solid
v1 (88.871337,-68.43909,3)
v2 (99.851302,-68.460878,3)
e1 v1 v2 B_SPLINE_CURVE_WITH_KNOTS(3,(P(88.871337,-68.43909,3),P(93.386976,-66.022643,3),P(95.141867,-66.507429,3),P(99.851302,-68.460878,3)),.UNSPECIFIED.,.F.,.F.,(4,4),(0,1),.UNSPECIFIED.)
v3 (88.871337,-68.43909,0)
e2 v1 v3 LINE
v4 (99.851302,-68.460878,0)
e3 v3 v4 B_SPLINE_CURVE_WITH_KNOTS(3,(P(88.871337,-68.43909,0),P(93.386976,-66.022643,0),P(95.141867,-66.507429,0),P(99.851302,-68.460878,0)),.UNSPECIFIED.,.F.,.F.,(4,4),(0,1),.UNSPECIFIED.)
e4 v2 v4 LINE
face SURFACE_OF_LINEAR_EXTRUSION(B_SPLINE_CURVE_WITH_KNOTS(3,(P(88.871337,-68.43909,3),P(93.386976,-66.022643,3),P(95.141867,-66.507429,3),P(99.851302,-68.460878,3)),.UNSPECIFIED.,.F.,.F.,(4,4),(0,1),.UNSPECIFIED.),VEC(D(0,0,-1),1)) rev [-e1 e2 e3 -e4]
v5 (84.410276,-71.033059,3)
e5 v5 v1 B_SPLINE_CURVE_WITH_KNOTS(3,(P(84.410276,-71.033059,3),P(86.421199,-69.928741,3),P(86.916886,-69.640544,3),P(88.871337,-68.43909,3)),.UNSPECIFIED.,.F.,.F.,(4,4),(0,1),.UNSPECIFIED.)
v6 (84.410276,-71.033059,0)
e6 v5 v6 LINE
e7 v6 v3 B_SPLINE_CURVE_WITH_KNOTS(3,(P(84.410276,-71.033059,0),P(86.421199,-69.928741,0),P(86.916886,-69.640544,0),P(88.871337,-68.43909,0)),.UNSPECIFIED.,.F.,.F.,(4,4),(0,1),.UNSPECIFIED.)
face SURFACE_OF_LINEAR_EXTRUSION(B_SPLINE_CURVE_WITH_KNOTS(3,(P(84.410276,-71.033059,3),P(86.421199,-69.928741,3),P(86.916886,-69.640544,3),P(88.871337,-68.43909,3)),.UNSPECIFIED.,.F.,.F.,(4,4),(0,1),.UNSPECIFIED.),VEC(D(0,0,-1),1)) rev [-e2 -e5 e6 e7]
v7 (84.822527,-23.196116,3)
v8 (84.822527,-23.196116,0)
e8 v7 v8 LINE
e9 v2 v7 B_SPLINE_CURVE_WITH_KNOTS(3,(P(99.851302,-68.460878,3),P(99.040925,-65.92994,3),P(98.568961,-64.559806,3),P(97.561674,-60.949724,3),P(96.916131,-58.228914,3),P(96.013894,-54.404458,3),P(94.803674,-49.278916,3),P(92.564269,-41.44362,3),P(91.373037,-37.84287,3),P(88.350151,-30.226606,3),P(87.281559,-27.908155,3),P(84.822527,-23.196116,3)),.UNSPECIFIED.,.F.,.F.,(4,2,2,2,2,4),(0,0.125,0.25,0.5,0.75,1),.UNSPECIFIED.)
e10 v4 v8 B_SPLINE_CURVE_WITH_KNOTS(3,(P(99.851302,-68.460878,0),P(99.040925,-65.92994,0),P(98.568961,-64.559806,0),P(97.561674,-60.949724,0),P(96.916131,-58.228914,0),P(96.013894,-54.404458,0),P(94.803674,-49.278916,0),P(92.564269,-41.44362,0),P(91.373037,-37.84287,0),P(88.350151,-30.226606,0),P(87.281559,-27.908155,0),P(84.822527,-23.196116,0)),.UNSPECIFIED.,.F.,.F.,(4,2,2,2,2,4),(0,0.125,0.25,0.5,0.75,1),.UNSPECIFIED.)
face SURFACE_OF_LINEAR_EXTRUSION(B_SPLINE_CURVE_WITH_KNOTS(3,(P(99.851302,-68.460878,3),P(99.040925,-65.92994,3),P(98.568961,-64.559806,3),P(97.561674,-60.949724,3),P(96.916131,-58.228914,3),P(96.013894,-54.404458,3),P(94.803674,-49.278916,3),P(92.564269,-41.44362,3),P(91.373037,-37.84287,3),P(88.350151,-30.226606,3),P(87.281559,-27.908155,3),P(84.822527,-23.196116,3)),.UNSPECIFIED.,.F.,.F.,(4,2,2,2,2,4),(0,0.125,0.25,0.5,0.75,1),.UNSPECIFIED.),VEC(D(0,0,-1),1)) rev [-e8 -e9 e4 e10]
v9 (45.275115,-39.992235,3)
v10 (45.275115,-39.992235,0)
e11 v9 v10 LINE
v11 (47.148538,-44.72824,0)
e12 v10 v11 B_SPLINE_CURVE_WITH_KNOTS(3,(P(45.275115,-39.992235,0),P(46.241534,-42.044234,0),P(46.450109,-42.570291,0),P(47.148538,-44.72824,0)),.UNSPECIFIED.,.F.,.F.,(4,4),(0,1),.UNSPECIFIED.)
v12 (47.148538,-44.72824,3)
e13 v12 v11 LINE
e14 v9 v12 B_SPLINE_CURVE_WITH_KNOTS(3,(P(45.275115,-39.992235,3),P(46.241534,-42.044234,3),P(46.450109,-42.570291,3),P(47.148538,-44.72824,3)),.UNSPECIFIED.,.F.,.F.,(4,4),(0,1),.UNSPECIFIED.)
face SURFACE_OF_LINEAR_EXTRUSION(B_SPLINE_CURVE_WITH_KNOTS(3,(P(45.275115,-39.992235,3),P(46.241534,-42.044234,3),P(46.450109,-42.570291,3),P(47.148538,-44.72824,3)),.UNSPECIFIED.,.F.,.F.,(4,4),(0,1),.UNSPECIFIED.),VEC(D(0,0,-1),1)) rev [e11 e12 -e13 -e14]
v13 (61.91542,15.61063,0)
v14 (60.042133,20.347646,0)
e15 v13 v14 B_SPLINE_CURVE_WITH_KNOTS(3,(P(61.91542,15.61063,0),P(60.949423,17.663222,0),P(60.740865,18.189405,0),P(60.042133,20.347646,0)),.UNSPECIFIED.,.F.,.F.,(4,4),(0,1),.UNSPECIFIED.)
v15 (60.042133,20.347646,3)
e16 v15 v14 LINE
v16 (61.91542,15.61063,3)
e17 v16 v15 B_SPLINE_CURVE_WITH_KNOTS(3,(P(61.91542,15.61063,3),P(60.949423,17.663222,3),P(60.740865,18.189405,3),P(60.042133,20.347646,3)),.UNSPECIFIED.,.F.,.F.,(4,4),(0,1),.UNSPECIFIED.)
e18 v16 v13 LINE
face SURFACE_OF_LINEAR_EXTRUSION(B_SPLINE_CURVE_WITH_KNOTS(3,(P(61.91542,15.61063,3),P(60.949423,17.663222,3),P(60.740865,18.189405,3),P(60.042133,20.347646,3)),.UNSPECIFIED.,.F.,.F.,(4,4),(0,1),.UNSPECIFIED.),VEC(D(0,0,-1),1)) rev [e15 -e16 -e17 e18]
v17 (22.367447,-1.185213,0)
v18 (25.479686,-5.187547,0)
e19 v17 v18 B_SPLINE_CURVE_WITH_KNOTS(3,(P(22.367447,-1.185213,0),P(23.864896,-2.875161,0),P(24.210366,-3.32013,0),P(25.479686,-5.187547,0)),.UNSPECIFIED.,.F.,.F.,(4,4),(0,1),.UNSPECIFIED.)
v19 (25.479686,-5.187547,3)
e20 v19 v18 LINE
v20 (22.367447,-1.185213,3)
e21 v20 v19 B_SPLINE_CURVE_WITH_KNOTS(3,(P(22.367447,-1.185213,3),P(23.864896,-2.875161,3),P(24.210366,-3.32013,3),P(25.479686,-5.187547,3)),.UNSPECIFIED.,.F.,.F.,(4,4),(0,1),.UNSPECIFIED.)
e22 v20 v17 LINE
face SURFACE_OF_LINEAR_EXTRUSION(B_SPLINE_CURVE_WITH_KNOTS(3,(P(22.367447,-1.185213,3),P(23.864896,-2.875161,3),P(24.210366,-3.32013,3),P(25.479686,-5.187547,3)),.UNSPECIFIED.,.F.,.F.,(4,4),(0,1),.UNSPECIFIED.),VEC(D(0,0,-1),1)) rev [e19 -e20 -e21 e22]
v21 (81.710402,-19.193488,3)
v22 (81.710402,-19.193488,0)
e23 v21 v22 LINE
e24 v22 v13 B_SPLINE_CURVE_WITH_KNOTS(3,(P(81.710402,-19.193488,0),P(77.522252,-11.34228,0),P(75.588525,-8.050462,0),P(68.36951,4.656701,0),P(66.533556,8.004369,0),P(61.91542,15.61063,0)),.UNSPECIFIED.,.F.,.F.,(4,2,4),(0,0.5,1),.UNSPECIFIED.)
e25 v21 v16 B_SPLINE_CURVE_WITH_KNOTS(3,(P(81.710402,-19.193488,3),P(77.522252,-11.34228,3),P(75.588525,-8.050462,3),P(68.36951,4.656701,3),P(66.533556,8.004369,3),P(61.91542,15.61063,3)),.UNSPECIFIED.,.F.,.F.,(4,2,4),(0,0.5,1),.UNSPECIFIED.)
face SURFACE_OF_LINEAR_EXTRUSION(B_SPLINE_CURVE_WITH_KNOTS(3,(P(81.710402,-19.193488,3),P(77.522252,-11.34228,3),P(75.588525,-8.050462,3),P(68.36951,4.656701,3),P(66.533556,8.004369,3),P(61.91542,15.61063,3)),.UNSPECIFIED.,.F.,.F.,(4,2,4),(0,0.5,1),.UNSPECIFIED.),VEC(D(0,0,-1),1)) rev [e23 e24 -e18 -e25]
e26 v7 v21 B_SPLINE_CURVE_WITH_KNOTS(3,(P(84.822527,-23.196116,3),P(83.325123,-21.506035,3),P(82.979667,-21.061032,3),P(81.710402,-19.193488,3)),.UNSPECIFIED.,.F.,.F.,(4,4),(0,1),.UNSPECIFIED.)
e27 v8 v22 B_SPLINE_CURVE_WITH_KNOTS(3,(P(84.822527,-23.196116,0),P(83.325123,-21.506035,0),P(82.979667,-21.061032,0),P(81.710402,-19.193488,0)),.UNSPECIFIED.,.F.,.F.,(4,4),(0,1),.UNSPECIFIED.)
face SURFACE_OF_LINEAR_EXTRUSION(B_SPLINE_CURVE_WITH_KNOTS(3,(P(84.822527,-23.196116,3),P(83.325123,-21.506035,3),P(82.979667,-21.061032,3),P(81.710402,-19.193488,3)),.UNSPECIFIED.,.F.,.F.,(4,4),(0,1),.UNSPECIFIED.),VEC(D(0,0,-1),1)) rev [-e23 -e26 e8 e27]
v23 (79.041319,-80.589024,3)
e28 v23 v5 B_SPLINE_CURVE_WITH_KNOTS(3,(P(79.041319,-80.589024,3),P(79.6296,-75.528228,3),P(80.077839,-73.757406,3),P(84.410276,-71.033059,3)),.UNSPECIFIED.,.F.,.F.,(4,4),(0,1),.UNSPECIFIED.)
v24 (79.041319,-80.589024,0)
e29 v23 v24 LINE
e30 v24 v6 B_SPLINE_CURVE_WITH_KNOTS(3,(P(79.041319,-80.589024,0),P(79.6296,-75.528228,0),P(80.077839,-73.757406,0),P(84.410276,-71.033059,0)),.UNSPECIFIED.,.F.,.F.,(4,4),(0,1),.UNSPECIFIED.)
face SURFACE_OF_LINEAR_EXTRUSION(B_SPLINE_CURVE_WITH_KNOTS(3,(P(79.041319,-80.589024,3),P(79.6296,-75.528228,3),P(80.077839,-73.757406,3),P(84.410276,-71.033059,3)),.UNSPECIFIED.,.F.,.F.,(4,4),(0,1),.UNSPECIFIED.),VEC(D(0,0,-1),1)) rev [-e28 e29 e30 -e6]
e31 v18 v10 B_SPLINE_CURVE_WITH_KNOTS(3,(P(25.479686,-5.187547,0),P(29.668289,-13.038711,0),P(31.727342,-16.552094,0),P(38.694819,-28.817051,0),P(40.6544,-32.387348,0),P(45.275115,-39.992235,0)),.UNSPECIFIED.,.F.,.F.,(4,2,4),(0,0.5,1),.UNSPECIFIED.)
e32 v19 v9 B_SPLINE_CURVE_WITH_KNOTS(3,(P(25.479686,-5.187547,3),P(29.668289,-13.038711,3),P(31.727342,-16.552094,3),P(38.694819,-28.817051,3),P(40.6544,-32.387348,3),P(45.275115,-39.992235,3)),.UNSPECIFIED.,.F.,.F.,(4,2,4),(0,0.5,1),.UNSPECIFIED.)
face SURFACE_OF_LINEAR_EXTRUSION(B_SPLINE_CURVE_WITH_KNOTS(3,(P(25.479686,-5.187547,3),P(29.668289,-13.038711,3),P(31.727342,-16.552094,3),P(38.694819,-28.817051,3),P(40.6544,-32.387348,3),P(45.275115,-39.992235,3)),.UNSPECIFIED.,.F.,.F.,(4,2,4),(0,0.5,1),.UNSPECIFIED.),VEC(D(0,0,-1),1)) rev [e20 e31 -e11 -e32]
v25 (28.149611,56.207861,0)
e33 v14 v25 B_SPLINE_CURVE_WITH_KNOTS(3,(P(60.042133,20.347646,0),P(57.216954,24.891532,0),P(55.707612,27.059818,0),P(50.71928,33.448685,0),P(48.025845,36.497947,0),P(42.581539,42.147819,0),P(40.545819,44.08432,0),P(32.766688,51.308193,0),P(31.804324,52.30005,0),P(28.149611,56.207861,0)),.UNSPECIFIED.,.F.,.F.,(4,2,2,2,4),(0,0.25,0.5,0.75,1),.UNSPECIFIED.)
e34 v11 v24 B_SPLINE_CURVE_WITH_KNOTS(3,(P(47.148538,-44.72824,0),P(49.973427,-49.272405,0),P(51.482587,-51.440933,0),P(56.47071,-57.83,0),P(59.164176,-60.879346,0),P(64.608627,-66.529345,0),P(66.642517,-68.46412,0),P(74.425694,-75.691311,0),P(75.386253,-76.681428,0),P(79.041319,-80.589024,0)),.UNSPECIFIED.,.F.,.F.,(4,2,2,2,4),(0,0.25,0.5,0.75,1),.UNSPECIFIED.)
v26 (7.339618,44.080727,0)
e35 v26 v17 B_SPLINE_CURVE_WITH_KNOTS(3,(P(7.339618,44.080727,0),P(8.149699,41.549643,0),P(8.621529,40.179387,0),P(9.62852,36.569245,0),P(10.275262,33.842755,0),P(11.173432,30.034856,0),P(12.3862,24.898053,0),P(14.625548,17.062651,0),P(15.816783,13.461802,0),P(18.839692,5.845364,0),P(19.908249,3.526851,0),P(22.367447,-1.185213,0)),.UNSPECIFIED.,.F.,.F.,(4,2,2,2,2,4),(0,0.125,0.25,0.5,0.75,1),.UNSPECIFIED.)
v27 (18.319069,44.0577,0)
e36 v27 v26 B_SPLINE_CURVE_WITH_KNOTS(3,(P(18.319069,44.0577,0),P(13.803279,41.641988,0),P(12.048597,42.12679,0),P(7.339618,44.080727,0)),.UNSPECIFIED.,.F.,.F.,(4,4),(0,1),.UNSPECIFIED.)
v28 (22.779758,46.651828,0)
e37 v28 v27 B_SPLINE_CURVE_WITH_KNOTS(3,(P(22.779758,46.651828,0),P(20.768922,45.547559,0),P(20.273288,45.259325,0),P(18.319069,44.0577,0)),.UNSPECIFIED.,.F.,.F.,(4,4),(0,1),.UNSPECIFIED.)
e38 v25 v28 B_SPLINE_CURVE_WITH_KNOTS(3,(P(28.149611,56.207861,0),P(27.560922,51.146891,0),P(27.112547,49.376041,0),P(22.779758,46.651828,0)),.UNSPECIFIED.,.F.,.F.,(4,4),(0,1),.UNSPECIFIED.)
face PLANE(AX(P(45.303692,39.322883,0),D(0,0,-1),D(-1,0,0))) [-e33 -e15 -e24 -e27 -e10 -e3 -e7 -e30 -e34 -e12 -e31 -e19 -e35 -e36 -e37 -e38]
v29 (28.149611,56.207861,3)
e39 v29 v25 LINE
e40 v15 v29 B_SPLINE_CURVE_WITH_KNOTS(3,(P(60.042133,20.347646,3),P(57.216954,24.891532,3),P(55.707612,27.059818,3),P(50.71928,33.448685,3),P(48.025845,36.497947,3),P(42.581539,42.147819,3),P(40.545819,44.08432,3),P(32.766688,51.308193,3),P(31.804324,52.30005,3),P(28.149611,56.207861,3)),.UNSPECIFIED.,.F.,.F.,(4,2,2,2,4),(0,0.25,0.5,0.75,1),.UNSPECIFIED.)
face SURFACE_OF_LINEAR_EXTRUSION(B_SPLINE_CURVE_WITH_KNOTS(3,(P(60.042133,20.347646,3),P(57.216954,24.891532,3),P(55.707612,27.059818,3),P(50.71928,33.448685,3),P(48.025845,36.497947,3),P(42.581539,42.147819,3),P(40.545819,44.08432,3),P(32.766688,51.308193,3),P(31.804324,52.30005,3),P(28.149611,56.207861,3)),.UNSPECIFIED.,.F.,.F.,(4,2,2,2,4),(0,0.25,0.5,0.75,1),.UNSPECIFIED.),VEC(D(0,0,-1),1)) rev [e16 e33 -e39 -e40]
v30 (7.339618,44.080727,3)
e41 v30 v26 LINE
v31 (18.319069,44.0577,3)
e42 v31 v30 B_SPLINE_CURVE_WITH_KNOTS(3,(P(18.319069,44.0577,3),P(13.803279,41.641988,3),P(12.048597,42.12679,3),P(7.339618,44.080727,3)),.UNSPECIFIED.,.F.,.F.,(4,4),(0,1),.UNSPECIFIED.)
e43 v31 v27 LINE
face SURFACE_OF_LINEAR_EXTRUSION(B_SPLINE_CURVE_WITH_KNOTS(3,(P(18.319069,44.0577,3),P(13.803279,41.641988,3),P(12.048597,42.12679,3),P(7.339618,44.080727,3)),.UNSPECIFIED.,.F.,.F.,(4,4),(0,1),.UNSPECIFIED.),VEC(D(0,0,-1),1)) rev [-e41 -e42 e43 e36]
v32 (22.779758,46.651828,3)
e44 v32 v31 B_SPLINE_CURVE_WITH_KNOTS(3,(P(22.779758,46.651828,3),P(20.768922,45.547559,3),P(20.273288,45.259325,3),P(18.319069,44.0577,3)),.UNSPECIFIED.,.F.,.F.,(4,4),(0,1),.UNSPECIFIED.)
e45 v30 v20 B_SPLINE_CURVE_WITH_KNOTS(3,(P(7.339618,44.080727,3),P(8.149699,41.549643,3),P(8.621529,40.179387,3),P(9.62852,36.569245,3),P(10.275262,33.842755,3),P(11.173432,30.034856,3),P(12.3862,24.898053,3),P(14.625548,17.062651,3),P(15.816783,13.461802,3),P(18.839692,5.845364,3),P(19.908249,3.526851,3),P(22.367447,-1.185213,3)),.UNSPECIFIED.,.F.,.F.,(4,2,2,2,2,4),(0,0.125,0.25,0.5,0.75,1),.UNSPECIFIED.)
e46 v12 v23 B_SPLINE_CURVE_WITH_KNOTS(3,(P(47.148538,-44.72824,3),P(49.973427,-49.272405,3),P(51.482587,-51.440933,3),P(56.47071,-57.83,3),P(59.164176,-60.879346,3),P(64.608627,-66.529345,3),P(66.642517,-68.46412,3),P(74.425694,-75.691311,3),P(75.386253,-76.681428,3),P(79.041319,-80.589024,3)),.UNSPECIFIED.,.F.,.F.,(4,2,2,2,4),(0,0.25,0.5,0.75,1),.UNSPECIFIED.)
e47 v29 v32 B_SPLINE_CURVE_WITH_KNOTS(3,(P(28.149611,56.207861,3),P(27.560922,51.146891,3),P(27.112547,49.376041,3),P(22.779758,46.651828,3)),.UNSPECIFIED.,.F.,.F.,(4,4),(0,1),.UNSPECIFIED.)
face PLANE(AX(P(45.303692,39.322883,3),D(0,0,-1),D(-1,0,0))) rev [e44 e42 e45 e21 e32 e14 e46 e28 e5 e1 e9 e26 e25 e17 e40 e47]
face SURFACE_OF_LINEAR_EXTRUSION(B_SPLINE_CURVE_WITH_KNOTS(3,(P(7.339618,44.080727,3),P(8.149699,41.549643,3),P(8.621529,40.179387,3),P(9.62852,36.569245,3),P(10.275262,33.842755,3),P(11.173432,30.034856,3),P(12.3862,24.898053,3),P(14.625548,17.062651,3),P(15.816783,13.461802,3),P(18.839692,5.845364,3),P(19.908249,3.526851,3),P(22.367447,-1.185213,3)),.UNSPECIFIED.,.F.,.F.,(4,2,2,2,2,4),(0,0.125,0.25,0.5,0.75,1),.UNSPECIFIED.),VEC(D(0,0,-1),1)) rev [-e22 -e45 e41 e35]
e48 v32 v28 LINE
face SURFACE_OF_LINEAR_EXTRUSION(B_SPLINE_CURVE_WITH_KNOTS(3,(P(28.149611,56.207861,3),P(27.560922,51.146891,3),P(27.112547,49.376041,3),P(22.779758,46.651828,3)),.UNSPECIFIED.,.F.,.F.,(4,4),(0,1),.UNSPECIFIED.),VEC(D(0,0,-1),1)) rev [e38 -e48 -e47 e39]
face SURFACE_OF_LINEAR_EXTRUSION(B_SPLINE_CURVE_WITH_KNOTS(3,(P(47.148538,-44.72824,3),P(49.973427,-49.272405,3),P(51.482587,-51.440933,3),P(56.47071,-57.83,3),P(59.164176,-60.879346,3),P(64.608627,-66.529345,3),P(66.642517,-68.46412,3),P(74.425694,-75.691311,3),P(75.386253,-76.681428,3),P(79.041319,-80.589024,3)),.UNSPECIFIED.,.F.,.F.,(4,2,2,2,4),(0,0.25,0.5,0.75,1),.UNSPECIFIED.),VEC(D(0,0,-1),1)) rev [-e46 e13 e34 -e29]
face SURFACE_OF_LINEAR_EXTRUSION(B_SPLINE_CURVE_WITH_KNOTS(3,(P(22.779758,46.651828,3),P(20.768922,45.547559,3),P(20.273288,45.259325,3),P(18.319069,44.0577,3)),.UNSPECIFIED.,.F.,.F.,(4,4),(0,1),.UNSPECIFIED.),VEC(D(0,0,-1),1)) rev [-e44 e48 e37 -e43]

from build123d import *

# Parameters (mm, degrees)
EXTRUDE_1_DEPTH = 3


with BuildPart() as part:
    # Model → Бобышка-Вытянуть1 (new body)
    with BuildSketch(Plane.XY):
        with BuildLine():
            add(Edge.make_bspline(
                [(28.149610918, 56.207860507), (27.560922081, 51.146890819), (27.112546506, 49.376041298), (22.779757926, 46.651828213)],
                knots=[0, 0, 0, 0, 1, 1, 1, 1], degree=3))
            add(Edge.make_bspline(
                [(22.779757926, 46.651828213), (20.768921561, 45.547558815), (20.273287738, 45.259325354), (18.319069439, 44.05769969)],
                knots=[0, 0, 0, 0, 1, 1, 1, 1], degree=3))
            add(Edge.make_bspline(
                [(18.319069439, 44.05769969), (13.803279303, 41.641988188), (12.048597233, 42.126790249), (7.33961788, 44.080726925)],
                knots=[0, 0, 0, 0, 1, 1, 1, 1], degree=3))
            add(Edge.make_bspline(
                [(7.33961788, 44.080726925), (8.149699278, 41.549642577), (8.621529102, 40.179387064), (9.628519532, 36.569244705), (10.275261882, 33.842755264), (11.17343166, 30.034855536), (12.386200485, 24.898053213), (14.625548303, 17.062650929), (15.816783113, 13.461801988), (18.839691943, 5.845364354), (19.908248831, 3.52685101), (22.36744727, -1.185213105)],
                knots=[0, 0, 0, 0, 0.125, 0.125, 0.25, 0.25, 0.5, 0.5, 0.75, 0.75, 1, 1, 1, 1], degree=3))
            add(Edge.make_bspline(
                [(22.36744727, -1.185213105), (23.864896129, -2.87516102), (24.210365999, -3.320130257), (25.479686226, -5.187547479)],
                knots=[0, 0, 0, 0, 1, 1, 1, 1], degree=3))
            add(Edge.make_bspline(
                [(25.479686226, -5.187547479), (29.668288598, -13.038710968), (31.727341764, -16.552093911), (38.694819033, -28.817050656), (40.654400173, -32.387347919), (45.275114793, -39.992234686)],
                knots=[0, 0, 0, 0, 0.5, 0.5, 1, 1, 1, 1], degree=3))
            add(Edge.make_bspline(
                [(45.275114793, -39.992234686), (46.241533848, -42.044233729), (46.450109134, -42.570291399), (47.148538289, -44.728240061)],
                knots=[0, 0, 0, 0, 1, 1, 1, 1], degree=3))
            add(Edge.make_bspline(
                [(47.148538289, -44.728240061), (49.973426614, -49.272405433), (51.482586935, -51.440933032), (56.470710005, -57.829999853), (59.164176218, -60.879346353), (64.608626983, -66.529344664), (66.642517284, -68.464119623), (74.42569361, -75.69131071), (75.386253078, -76.68142814), (79.041318652, -80.589024236)],
                knots=[0, 0, 0, 0, 0.25, 0.25, 0.5, 0.5, 0.75, 0.75, 1, 1, 1, 1], degree=3))
            add(Edge.make_bspline(
                [(79.041318652, -80.589024236), (79.629599945, -75.528227661), (80.077839438, -73.757405674), (84.410276024, -71.033059032)],
                knots=[0, 0, 0, 0, 1, 1, 1, 1], degree=3))
            add(Edge.make_bspline(
                [(84.410276024, -71.033059032), (86.421198824, -69.928740939), (86.91688577, -69.640544451), (88.871337213, -68.43909049)],
                knots=[0, 0, 0, 0, 1, 1, 1, 1], degree=3))
            add(Edge.make_bspline(
                [(88.871337213, -68.43909049), (93.386975511, -66.022642512), (95.141867274, -66.507429453), (99.851301684, -68.460878088)],
                knots=[0, 0, 0, 0, 1, 1, 1, 1], degree=3))
            add(Edge.make_bspline(
                [(99.851301684, -68.460878088), (99.040925268, -65.929940052), (98.568960988, -64.559806075), (97.561674354, -60.949723571), (96.916130588, -58.2289141), (96.013894102, -54.404458492), (94.803674048, -49.278915964), (92.564269255, -41.443620041), (91.373036556, -37.842869648), (88.350151427, -30.226605543), (87.281558663, -27.908155461), (84.822527009, -23.196115705)],
                knots=[0, 0, 0, 0, 0.125, 0.125, 0.25, 0.25, 0.5, 0.5, 0.75, 0.75, 1, 1, 1, 1], degree=3))
            add(Edge.make_bspline(
                [(84.822527009, -23.196115705), (83.325122862, -21.506034699), (82.979667426, -21.061032084), (81.710402424, -19.193487861)],
                knots=[0, 0, 0, 0, 1, 1, 1, 1], degree=3))
            add(Edge.make_bspline(
                [(81.710402424, -19.193487861), (77.522252219, -11.342279926), (75.588524574, -8.050461965), (68.369510384, 4.656701124), (66.533556444, 8.004368796), (61.915420371, 15.610629705)],
                knots=[0, 0, 0, 0, 0.5, 0.5, 1, 1, 1, 1], degree=3))
            add(Edge.make_bspline(
                [(61.915420371, 15.610629705), (60.949423407, 17.663222472), (60.740864542, 18.189405403), (60.042133095, 20.347645644)],
                knots=[0, 0, 0, 0, 1, 1, 1, 1], degree=3))
            add(Edge.make_bspline(
                [(60.042133095, 20.347645644), (57.216954414, 24.891531729), (55.707611925, 27.059818341), (50.719279832, 33.448684897), (48.025845314, 36.497947024), (42.581538922, 42.147819434), (40.545819203, 44.084319784), (32.766687748, 51.308192561), (31.804324389, 52.300050246), (28.149610918, 56.207860507)],
                knots=[0, 0, 0, 0, 0.25, 0.25, 0.5, 0.5, 0.75, 0.75, 1, 1, 1, 1], degree=3))
        make_face()
    extrude(amount=EXTRUDE_1_DEPTH)


solid = part.part
